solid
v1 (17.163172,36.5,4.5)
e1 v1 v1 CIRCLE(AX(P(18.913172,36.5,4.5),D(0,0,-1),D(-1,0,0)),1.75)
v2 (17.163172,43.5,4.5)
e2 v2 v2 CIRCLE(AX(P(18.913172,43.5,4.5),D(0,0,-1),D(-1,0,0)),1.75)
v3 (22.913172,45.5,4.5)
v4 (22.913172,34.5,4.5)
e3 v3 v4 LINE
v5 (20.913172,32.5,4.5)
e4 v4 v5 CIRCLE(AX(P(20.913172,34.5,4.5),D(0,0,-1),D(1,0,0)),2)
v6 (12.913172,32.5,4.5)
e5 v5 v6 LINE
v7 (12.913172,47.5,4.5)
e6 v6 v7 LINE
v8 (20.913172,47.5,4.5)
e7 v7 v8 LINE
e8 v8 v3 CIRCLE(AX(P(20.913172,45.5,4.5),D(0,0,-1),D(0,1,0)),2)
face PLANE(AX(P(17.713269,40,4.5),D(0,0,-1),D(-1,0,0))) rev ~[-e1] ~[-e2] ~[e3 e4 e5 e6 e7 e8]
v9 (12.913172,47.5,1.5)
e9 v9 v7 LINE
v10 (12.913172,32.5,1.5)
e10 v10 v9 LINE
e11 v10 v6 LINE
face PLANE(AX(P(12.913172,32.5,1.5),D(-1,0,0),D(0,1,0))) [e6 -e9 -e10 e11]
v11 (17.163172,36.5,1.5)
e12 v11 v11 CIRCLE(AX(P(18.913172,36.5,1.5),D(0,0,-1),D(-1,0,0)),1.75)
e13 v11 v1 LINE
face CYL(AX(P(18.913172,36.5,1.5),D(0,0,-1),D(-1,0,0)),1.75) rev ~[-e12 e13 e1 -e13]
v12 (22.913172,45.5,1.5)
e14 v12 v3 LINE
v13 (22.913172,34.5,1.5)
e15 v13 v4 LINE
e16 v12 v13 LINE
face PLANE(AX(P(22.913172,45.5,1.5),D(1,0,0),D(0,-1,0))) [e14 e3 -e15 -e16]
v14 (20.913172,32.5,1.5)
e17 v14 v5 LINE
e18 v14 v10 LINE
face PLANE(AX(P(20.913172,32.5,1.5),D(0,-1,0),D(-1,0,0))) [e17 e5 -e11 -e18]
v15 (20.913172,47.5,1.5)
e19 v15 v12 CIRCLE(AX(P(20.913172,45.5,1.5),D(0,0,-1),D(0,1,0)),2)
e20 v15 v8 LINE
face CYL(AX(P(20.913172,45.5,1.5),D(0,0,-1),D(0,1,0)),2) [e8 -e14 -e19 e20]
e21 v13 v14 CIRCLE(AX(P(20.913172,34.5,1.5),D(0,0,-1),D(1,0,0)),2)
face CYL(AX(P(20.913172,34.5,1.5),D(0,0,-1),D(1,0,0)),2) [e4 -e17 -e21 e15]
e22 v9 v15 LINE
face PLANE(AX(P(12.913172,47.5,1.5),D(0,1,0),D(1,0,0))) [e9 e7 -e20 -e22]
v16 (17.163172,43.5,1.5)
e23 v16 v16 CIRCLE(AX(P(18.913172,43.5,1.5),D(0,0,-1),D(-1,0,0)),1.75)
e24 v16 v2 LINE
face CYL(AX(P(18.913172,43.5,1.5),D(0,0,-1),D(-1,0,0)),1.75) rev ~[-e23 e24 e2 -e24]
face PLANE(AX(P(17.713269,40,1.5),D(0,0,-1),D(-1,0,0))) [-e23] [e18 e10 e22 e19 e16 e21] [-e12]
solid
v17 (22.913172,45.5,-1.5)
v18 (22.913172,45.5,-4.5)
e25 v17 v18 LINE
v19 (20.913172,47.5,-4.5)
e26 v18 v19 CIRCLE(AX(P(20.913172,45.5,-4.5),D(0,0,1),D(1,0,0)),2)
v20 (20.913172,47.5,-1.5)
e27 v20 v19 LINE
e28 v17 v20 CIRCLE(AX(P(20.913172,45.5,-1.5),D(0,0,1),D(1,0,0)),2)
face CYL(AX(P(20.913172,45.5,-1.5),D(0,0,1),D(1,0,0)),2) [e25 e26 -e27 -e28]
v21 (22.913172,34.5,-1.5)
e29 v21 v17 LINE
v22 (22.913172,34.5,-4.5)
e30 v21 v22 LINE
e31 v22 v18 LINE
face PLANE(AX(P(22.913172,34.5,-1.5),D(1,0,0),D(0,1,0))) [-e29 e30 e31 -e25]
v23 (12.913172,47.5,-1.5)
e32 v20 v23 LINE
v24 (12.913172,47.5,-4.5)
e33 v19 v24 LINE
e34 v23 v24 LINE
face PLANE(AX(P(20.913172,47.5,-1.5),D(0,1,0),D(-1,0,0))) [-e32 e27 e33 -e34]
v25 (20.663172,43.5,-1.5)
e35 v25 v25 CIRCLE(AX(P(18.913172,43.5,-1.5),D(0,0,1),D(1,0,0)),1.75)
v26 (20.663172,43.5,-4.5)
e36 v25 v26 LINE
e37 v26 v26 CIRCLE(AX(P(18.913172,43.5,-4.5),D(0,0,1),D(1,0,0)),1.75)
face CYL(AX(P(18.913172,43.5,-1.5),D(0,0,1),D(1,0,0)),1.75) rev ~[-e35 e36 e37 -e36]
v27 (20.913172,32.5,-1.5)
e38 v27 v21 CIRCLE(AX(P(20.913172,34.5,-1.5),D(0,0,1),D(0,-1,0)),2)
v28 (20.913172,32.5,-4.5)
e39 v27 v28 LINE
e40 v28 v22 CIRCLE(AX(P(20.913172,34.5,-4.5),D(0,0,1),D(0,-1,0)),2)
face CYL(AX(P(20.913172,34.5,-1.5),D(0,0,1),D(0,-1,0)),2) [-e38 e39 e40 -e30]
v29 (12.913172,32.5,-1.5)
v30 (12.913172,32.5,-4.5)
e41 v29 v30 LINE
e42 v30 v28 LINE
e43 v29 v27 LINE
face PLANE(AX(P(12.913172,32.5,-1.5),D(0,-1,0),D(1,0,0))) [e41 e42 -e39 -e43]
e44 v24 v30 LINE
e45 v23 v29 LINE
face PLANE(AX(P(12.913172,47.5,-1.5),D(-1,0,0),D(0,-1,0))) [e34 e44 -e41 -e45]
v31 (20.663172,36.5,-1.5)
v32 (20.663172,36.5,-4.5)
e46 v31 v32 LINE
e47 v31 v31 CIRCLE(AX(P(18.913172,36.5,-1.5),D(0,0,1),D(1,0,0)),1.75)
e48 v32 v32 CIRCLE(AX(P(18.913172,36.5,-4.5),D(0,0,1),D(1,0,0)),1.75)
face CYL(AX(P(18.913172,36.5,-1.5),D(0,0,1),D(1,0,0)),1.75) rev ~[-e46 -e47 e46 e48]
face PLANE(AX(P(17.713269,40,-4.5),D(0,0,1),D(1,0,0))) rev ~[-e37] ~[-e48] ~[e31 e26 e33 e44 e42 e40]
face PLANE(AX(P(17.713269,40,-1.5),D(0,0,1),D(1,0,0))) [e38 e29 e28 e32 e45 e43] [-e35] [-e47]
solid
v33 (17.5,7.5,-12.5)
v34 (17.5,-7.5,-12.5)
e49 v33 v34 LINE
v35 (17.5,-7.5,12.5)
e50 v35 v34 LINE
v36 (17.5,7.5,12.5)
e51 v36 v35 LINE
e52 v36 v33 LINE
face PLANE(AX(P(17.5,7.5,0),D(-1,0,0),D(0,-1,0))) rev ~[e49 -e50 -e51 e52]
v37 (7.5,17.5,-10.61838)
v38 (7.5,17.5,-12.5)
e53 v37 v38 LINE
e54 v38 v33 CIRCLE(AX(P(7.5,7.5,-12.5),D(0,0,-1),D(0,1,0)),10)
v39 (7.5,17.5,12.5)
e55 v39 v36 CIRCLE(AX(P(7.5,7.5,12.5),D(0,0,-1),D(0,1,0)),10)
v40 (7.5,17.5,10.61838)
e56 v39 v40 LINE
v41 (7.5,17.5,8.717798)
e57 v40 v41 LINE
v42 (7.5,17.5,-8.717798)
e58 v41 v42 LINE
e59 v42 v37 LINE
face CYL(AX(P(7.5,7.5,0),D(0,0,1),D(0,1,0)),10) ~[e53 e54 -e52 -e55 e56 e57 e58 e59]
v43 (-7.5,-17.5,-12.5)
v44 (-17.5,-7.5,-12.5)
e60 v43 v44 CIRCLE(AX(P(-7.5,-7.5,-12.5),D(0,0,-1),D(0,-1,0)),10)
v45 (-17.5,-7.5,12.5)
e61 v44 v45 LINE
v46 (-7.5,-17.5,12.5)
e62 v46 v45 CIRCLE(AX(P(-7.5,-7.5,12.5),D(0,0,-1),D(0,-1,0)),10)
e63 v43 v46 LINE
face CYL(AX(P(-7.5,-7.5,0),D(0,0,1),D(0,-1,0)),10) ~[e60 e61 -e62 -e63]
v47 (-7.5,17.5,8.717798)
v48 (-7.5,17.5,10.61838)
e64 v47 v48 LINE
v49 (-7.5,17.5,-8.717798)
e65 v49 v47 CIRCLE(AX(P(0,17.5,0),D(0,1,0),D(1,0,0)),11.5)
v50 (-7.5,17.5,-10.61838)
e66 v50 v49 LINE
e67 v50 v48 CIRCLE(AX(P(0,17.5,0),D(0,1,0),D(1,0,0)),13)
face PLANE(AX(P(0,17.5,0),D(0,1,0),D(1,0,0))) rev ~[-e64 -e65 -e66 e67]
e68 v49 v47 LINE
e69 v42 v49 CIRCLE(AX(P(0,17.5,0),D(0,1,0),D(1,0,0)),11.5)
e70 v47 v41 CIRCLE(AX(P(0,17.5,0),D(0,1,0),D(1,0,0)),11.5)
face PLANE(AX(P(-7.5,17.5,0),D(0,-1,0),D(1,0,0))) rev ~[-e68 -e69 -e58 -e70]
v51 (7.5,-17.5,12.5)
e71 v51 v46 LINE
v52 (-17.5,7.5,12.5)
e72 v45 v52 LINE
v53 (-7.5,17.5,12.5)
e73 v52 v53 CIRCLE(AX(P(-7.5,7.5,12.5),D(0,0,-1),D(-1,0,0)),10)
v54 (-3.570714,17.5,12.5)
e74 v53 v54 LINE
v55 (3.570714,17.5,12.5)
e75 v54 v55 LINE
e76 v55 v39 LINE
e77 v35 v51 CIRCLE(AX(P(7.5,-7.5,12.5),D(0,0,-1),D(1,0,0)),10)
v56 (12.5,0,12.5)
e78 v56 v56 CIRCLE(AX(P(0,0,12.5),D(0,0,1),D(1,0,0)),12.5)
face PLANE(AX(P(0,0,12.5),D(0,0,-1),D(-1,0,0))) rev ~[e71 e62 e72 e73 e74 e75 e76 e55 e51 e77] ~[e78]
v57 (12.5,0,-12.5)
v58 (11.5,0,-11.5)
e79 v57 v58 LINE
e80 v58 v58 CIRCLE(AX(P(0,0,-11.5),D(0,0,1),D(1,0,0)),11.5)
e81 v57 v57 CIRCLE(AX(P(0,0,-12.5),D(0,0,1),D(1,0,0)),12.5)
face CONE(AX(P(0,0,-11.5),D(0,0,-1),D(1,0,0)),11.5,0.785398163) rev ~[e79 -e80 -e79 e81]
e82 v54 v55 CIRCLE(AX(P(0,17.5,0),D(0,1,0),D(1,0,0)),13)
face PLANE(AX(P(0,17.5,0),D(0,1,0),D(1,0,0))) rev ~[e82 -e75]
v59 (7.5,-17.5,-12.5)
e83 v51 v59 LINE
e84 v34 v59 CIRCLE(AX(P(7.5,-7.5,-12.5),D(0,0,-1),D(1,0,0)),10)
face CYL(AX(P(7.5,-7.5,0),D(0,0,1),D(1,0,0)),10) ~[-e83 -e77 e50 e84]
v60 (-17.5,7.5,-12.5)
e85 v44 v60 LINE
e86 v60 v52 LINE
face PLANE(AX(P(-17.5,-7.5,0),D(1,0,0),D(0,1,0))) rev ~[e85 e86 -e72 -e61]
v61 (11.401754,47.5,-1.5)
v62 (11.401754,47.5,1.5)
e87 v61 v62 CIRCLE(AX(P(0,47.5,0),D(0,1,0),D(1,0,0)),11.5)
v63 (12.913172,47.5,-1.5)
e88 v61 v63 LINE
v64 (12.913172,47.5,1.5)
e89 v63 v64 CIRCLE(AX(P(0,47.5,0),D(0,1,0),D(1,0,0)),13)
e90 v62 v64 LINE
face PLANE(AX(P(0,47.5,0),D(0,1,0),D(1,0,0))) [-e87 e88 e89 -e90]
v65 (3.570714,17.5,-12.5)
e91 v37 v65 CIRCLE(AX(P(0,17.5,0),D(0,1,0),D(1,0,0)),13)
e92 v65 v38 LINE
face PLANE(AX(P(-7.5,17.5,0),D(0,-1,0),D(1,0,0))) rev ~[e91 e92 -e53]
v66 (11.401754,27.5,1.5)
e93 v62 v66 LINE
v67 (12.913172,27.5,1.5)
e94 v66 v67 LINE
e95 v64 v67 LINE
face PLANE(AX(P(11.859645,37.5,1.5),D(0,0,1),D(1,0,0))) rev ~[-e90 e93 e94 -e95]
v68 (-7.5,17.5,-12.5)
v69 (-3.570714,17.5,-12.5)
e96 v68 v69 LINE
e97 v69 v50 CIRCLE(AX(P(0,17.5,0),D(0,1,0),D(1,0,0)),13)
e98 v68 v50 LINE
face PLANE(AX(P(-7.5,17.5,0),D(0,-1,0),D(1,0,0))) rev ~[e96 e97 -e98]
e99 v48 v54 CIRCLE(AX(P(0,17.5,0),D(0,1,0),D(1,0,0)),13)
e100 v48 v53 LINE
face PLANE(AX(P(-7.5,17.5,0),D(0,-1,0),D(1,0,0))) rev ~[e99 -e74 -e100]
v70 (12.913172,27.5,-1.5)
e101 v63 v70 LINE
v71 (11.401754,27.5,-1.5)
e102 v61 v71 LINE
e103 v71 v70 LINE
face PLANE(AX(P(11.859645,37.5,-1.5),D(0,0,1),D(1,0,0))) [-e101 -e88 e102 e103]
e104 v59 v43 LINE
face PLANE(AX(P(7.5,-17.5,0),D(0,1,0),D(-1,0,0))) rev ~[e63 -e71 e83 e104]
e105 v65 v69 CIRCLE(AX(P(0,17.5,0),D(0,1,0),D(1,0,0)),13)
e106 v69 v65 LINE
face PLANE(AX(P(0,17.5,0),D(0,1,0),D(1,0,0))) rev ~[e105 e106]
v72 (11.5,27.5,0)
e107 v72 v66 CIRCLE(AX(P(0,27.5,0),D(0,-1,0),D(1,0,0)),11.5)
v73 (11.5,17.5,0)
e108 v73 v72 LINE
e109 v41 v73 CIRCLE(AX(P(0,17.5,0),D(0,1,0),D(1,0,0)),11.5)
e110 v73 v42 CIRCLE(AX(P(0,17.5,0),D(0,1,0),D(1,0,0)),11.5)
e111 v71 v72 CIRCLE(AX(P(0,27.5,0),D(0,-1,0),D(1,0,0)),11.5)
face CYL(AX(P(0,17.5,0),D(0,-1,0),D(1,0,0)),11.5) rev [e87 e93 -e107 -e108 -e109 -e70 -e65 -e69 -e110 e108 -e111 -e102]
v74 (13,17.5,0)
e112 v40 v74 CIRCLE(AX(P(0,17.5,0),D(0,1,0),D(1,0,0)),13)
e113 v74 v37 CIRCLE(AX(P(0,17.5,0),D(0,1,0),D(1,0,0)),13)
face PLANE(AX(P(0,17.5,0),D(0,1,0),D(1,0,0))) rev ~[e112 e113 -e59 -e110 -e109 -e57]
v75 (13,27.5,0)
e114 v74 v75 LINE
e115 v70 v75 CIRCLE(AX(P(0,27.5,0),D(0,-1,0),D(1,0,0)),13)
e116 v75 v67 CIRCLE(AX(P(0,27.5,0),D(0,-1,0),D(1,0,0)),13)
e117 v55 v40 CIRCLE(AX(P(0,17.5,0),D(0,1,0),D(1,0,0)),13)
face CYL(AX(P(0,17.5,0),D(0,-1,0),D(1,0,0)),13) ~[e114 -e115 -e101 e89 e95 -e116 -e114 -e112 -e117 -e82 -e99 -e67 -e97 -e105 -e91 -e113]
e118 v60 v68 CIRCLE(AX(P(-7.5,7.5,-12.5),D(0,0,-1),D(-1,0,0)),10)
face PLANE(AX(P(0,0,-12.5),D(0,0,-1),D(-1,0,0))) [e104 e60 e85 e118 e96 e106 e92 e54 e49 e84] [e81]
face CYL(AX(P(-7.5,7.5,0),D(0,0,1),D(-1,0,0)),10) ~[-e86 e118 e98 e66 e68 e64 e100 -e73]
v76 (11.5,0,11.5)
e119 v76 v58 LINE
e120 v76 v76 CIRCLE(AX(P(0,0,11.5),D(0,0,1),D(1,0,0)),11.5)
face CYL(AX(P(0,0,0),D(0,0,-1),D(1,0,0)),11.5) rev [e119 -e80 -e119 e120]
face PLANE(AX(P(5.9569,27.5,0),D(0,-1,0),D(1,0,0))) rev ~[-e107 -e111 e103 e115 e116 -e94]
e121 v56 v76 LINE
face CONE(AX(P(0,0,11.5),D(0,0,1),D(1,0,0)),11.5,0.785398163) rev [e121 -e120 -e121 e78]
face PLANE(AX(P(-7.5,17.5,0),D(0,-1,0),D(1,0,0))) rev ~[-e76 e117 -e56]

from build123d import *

# Parameters (mm, degrees)
SKETCH1_R           = 11.5
BOSS_EXTRUDE2_DEPTH = 12.5
SKETCH4_R           = 13
SKETCH4_R_2         = 11.5
BOSS_EXTRUDE3_DEPTH = 30
SKETCH5_W           = 11.805491749
SKETCH5_H           = 20
CUT_EXTRUDE1_DEPTH  = 1.5
SKETCH7_R           = 1.75
BOSS_EXTRUDE4_DEPTH = 3
SKETCH8_R           = 1.75
BOSS_EXTRUDE6_DEPTH = 3
CHAMFER1_SIZE       = 1


with BuildPart() as part:
    # Sketch1 → Boss-Extrude2 (new body, symmetric)
    with BuildSketch(Plane.XY):
        with BuildLine():
            Line((-7.5, 17.5), (7.5, 17.5))
            ThreePointArc((7.5, 17.5), (14.571067812, 14.571067812), (17.5, 7.5))
            Line((17.5, 7.5), (17.5, -7.5))
            ThreePointArc((17.5, -7.5), (14.571067812, -14.571067812), (7.5, -17.5))
            Line((7.5, -17.5), (-7.5, -17.5))
            ThreePointArc((-7.5, -17.5), (-14.571067812, -14.571067812), (-17.5, -7.5))
            Line((-17.5, -7.5), (-17.5, 7.5))
            ThreePointArc((-17.5, 7.5), (-14.571067812, 14.571067812), (-7.5, 17.5))
        make_face()
        Circle(SKETCH1_R, mode=Mode.SUBTRACT)
    extrude(amount=BOSS_EXTRUDE2_DEPTH, both=True)

    # Sketch4 → Boss-Extrude3 (add)
    with BuildSketch(Plane(origin=(0, 17.5, 0), x_dir=(1, 0, 0), z_dir=(0, 1, 0))):
        Circle(SKETCH4_R)
        Circle(SKETCH4_R_2, mode=Mode.SUBTRACT)
    extrude(amount=BOSS_EXTRUDE3_DEPTH)

    # Sketch5 → Cut-Extrude1 (cut, symmetric)
    with BuildSketch(Plane.XY):
        with Locations((11.85964538, 37.5)):
            Rectangle(SKETCH5_W, SKETCH5_H)
    extrude(amount=CUT_EXTRUDE1_DEPTH, both=True, mode=Mode.SUBTRACT)

    # Chamfer1
    chamfer1_edges = [part.edges().sort_by_distance(p)[0] for p in [
        (-11.5, 0, -12.5),
        (-11.5, 0, 12.5),
    ]]
    chamfer(chamfer1_edges, length=CHAMFER1_SIZE)


with BuildPart() as body_2:
    # Sketch7 → Boss-Extrude4 (new body)
    with BuildSketch(Plane(origin=(0, 0, 1.5), x_dir=(-1, 0, 0), z_dir=(0, 0, -1))):
        with BuildLine():
            Line((-12.91317157, 47.5), (-20.91317157, 47.5))
            ThreePointArc((-20.91317157, 47.5), (-22.327385133, 46.914213562), (-22.91317157, 45.5))
            Line((-22.91317157, 45.5), (-22.91317157, 34.5))
            ThreePointArc((-22.91317157, 34.5), (-22.327385133, 33.085786438), (-20.91317157, 32.5))
            Line((-20.91317157, 32.5), (-12.91317157, 32.5))
            Line((-12.91317157, 32.5), (-12.91317157, 47.5))
        make_face()
        with Locations((-18.91317157, 43.5)):
            Circle(SKETCH7_R, mode=Mode.SUBTRACT)
        with Locations((-18.91317157, 36.5)):
            Circle(SKETCH7_R, mode=Mode.SUBTRACT)
    extrude(amount=-BOSS_EXTRUDE4_DEPTH)


with BuildPart() as body_3:
    # Sketch8 → Boss-Extrude6 (new body)
    with BuildSketch(Plane.XY.offset(-1.5)):
        with BuildLine():
            Line((12.91317157, 47.5), (12.91317157, 32.5))
            Line((12.91317157, 32.5), (20.91317157, 32.5))
            ThreePointArc((20.91317157, 32.5), (22.327385133, 33.085786438), (22.91317157, 34.5))
            Line((22.91317157, 34.5), (22.91317157, 45.5))
            ThreePointArc((22.91317157, 45.5), (22.327385133, 46.914213562), (20.91317157, 47.5))
            Line((20.91317157, 47.5), (12.91317157, 47.5))
        make_face()
        with Locations((18.91317157, 36.5)):
            Circle(SKETCH8_R, mode=Mode.SUBTRACT)
        with Locations((18.91317157, 43.5)):
            Circle(SKETCH8_R, mode=Mode.SUBTRACT)
    extrude(amount=-BOSS_EXTRUDE6_DEPTH)


solid = Compound([part.part, body_2.part, body_3.part])
